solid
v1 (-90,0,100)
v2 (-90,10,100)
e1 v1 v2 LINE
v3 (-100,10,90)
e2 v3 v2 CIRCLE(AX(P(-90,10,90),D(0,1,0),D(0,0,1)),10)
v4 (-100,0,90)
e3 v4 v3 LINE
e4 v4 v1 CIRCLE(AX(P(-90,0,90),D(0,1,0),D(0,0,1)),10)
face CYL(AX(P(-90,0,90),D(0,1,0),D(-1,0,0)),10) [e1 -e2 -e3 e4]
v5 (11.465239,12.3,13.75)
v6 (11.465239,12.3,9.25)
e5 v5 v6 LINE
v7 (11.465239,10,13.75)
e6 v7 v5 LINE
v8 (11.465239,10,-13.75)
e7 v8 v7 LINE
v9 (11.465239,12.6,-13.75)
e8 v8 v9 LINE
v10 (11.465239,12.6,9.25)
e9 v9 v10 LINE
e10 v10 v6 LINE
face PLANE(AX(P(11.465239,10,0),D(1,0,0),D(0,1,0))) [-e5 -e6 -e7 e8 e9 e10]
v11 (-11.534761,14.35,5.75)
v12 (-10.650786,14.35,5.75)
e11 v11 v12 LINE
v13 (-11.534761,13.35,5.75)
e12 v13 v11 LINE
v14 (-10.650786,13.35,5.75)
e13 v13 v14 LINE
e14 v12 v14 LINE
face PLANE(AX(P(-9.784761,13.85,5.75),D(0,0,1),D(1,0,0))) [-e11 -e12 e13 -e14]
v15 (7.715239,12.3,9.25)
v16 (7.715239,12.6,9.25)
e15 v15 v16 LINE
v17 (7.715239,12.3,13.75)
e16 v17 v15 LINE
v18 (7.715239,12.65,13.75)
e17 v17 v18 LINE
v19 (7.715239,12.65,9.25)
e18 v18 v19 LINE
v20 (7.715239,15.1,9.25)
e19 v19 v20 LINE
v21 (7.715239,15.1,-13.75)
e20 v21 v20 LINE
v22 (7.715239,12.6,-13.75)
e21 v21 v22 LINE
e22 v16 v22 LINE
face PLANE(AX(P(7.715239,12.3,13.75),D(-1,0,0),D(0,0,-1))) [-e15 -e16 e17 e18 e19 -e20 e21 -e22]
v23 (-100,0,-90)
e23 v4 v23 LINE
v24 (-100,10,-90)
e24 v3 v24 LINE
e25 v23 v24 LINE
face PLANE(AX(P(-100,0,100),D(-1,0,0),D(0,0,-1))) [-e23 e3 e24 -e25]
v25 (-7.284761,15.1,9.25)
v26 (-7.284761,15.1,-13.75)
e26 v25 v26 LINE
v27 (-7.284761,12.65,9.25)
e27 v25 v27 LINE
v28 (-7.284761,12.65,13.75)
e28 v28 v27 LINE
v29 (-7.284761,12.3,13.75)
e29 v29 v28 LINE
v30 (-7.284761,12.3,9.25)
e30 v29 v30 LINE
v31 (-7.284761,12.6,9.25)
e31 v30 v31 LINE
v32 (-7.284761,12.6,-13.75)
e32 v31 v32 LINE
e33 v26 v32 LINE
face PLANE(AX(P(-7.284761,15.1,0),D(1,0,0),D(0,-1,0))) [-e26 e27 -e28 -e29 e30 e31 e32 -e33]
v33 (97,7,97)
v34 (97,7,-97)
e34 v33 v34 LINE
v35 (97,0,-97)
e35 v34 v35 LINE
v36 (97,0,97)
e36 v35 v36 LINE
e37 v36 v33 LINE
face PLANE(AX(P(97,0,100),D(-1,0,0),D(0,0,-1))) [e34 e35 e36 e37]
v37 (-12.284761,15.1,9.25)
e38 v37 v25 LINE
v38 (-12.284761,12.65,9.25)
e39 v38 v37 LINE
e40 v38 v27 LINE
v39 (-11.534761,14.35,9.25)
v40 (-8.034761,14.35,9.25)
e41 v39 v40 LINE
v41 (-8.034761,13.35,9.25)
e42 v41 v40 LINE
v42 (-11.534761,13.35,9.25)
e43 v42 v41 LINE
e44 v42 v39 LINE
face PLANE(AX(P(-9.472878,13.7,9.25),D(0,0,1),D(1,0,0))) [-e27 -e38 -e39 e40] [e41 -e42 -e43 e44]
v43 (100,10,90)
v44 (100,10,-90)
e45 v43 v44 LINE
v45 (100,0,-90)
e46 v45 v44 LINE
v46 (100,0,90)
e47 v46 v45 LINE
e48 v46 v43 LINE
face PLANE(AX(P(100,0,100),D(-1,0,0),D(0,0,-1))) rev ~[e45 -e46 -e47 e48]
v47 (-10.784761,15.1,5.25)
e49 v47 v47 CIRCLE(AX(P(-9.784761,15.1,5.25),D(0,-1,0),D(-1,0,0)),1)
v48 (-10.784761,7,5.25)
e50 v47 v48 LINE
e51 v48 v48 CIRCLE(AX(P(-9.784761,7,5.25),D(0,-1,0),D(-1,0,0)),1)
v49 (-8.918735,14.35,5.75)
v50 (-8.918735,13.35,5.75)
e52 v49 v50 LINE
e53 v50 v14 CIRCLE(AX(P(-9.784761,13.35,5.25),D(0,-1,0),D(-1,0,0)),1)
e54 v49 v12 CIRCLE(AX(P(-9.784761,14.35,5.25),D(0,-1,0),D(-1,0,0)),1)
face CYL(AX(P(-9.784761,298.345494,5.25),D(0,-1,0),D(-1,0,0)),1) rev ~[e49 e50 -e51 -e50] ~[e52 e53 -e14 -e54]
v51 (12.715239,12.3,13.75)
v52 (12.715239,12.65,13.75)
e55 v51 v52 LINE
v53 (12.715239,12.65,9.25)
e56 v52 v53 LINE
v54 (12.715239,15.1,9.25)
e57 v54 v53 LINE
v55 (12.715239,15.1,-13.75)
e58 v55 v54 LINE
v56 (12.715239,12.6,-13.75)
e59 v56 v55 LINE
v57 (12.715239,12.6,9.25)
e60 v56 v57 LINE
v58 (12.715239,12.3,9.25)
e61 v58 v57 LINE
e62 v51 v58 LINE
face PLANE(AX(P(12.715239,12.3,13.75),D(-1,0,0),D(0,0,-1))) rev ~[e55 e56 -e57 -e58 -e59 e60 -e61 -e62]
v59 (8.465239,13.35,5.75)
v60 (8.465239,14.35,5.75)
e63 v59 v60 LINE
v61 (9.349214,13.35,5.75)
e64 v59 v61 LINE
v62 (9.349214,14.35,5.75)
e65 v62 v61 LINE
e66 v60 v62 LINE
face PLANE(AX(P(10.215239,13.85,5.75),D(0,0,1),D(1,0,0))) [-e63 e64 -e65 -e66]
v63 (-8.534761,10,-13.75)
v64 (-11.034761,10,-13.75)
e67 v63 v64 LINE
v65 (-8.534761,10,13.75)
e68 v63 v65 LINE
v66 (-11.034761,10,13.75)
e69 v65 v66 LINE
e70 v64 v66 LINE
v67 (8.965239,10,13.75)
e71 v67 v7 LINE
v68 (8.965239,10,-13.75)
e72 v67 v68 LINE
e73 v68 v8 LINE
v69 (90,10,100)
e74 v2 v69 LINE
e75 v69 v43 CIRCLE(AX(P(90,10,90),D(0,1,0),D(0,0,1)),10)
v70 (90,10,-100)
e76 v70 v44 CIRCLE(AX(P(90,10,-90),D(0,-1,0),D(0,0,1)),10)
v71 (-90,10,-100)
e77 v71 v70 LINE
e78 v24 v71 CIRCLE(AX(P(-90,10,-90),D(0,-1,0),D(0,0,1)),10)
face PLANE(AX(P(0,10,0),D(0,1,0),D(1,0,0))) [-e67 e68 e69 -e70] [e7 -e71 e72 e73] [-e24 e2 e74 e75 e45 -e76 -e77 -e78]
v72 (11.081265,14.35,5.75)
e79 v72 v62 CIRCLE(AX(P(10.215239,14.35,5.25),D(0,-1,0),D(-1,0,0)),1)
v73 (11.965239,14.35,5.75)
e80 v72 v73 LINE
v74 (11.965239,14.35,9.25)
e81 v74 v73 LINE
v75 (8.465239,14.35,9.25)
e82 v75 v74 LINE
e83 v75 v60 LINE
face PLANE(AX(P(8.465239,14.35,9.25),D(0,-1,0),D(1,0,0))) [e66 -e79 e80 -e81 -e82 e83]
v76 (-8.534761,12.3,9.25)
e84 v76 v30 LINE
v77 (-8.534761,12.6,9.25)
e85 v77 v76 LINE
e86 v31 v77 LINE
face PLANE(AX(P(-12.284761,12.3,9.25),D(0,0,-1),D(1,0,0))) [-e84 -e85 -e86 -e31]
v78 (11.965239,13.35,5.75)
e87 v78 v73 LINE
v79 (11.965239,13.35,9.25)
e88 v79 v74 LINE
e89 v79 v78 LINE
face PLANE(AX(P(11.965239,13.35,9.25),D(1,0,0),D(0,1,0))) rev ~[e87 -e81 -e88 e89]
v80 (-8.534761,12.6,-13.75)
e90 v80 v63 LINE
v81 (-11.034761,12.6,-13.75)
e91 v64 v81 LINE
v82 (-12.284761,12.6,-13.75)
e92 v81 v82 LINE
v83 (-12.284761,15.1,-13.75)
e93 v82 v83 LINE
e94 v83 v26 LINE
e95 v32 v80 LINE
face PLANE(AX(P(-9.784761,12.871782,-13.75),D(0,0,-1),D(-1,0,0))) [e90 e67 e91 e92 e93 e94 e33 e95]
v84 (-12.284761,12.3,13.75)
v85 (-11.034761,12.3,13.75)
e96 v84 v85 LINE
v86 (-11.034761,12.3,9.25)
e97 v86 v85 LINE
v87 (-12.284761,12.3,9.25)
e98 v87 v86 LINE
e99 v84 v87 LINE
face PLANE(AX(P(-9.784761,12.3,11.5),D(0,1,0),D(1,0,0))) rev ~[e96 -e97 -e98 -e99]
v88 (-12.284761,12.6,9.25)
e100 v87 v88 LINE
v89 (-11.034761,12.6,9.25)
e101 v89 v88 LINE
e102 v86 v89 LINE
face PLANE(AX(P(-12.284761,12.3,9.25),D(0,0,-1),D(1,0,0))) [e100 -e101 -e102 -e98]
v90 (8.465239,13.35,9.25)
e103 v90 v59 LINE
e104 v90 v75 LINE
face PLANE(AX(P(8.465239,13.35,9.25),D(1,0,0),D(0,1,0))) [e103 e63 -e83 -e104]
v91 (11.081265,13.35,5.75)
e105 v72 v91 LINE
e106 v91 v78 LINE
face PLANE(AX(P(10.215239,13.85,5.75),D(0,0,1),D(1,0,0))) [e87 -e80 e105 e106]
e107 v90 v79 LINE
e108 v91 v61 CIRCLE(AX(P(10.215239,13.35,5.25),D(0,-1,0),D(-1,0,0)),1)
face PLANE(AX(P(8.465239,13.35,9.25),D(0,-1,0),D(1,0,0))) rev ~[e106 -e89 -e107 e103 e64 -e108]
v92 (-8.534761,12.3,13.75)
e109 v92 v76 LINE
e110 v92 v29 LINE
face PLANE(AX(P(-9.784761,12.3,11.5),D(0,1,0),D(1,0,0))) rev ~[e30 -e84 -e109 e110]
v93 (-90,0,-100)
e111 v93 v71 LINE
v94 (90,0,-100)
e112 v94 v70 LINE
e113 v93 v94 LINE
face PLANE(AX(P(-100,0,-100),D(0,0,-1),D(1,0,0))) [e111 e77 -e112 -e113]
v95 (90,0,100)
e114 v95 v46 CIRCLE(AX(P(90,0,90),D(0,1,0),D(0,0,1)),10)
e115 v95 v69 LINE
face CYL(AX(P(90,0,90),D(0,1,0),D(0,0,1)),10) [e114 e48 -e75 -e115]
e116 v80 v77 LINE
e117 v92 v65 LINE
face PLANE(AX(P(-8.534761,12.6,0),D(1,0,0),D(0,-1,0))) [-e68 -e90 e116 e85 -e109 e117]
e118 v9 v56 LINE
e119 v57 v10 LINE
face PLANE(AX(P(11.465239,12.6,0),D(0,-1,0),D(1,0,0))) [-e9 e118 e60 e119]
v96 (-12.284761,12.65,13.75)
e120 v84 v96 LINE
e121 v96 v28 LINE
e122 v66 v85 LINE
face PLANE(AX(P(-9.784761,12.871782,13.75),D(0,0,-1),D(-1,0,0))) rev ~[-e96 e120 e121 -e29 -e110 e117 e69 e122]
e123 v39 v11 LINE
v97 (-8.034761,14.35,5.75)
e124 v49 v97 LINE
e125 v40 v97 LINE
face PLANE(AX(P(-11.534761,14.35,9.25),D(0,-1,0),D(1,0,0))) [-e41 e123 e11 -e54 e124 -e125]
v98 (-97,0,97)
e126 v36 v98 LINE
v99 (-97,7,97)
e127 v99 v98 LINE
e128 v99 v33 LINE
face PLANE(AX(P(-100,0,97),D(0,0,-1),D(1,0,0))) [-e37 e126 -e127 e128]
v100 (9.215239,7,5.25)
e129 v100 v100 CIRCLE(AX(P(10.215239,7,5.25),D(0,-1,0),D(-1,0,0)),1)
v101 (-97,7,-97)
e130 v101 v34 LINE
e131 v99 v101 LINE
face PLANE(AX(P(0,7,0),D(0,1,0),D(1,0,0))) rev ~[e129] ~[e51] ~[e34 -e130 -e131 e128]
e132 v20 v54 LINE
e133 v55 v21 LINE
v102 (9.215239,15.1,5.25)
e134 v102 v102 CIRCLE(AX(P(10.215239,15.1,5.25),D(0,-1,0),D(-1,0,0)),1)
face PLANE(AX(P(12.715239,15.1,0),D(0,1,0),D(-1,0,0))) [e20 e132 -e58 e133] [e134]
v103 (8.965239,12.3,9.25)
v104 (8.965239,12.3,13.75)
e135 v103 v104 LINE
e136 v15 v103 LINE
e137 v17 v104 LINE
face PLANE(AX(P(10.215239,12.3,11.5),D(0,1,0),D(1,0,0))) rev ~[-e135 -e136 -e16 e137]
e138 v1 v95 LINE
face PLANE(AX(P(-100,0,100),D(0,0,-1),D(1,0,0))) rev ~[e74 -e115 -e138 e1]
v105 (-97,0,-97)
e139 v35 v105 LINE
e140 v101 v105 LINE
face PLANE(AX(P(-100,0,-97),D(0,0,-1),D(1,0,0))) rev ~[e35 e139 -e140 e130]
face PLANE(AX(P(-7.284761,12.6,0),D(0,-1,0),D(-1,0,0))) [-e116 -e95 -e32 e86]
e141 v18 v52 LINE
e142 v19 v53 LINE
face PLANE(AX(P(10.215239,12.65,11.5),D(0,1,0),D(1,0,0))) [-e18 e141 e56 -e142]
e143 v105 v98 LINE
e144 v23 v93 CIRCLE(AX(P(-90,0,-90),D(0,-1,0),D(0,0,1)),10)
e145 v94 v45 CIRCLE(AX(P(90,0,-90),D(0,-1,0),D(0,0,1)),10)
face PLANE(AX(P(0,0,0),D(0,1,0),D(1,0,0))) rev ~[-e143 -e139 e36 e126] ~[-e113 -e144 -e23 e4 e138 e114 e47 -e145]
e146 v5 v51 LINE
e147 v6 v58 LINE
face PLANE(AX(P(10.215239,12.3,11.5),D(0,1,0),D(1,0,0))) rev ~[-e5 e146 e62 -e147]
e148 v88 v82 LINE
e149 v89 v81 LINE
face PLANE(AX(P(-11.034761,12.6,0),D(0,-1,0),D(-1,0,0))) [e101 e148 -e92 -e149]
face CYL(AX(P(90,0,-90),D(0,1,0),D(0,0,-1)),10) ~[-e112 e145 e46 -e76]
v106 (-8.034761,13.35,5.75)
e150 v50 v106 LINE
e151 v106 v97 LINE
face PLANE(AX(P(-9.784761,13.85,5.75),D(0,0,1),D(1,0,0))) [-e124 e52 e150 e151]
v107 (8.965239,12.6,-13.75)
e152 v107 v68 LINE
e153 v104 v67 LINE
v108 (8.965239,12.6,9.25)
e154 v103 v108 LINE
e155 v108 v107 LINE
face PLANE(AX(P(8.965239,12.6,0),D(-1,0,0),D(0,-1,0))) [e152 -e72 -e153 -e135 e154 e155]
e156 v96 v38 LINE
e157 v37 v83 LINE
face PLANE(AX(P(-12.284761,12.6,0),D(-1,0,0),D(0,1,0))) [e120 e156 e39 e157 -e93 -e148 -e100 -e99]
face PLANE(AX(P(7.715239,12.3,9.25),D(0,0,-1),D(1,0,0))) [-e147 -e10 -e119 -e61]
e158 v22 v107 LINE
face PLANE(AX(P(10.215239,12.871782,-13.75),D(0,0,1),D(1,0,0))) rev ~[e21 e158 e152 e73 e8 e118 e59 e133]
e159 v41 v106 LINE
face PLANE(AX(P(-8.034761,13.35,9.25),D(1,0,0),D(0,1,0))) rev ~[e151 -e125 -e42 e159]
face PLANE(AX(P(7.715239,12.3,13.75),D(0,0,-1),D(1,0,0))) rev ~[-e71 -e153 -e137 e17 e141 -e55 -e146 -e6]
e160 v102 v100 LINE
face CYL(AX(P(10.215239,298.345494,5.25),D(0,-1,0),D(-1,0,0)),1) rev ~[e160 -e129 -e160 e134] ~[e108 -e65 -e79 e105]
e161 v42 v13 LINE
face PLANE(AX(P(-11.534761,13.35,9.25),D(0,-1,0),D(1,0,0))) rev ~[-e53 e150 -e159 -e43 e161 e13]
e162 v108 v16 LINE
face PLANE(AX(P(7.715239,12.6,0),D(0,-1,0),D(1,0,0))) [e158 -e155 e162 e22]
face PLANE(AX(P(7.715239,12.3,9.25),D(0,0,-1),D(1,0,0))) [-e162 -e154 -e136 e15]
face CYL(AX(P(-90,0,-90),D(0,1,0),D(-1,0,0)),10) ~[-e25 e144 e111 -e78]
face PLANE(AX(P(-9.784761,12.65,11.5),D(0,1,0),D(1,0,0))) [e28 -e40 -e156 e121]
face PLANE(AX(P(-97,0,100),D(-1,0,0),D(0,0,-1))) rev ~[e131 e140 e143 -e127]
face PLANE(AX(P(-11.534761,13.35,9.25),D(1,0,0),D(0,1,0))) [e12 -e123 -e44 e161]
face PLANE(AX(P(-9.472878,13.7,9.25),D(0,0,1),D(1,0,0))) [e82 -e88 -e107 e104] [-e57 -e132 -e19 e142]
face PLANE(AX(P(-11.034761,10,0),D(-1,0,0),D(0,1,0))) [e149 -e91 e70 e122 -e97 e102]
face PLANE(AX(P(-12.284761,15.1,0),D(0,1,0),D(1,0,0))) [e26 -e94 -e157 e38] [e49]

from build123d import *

# Parameters (mm, degrees)
SKETCH1_W                = 200
SKETCH1_H                = 200
BOSS_EXTRUDE1_DEPTH      = 10
SHELL5_T                 = -3
BOSS_EXTRUDE2_DEPTH      = 13.75
SKETCH5_W                = 51.63175717
SKETCH5_H                = 2.8
CUT_EXTRUDE1_DEPTH       = 4.5
SKETCH6_W                = 5
SKETCH6_H                = 4.5
BOSS_EXTRUDE3_DEPTH      = 0.35
SKETCH7_W                = 3.5
SKETCH7_H                = 1
CUT_EXTRUDE2_DEPTH       = 3.5
F_2_0_2_DIAMETER_HOLE2_D = 2
FILLET1_R                = 10


with BuildPart() as part:
    # Sketch1 → Boss-Extrude1 (new body)
    with BuildSketch(Plane(origin=(0, 0, 0), x_dir=(1, 0, 0), z_dir=(0, 1, 0))):
        Rectangle(SKETCH1_W, SKETCH1_H)
    extrude(amount=BOSS_EXTRUDE1_DEPTH)

    # Shell5
    shell5_openings = [part.faces().sort_by_distance(p)[0] for p in [
        (0, 0, 0),
    ]]
    offset(amount=SHELL5_T, openings=shell5_openings, kind=Kind.INTERSECTION)

    # Sketch2 → Boss-Extrude2 (add, symmetric)
    with BuildSketch(Plane.XY):
        Polygon((-11.034760645, 10), (-11.034760645, 12.6), (-12.284760645, 12.6), (-12.284760645, 15.1), (-7.284760645, 15.1), (-7.284760645, 12.6), (-8.534760645, 12.6), (-8.534760645, 10), align=None)
        Polygon((8.965239355, 10), (11.465239355, 10), (11.465239355, 12.6), (12.715239355, 12.6), (12.715239355, 15.1), (7.715239355, 15.1), (7.715239355, 12.6), (8.965239355, 12.6), align=None)
    extrude(amount=BOSS_EXTRUDE2_DEPTH, both=True)

    # Sketch5 → Cut-Extrude1 (cut)
    with BuildSketch(Plane.XY.offset(13.75)):
        with Locations((-9.472877717, 13.7)):
            Rectangle(SKETCH5_W, SKETCH5_H)
        with Locations((17.311892559, -46.179704591)):
            Rectangle(SKETCH5_W, SKETCH5_H)
    extrude(amount=-CUT_EXTRUDE1_DEPTH, mode=Mode.SUBTRACT)

    # Sketch6 → Boss-Extrude3 (add)
    with BuildSketch(Plane(origin=(0, 12.3, 0), x_dir=(1, 0, 0), z_dir=(0, 1, 0))):
        with Locations((10.215239355, -11.5)):
            Rectangle(SKETCH6_W, SKETCH6_H)
        with Locations((-9.784760645, -11.5)):
            Rectangle(SKETCH6_W, SKETCH6_H)
    extrude(amount=BOSS_EXTRUDE3_DEPTH)

    # Sketch7 → Cut-Extrude2 (cut)
    with BuildSketch(Plane.XY.offset(9.25)):
        with Locations((10.215239355, 13.85)):
            Rectangle(SKETCH7_W, SKETCH7_H)
        with Locations((-9.784760645, 13.85)):
            Rectangle(SKETCH7_W, SKETCH7_H)
    extrude(amount=-CUT_EXTRUDE2_DEPTH, mode=Mode.SUBTRACT)

    # Ø2.0 (2) Diameter Hole2 (through all)
    with Locations(Plane(origin=(0, 15.1, 0), x_dir=(1, 0, 0), z_dir=(0, 1, 0))):
        with Locations((-9.784760645, -5.25), (10.215239355, -5.25)):
            Hole(F_2_0_2_DIAMETER_HOLE2_D / 2)

    # Fillet1
    fillet1_edges = [part.edges().sort_by_distance(p)[0] for p in [
        (-100, 5, -100),
        (100, 5, -100),
        (100, 5, 100),
        (-100, 5, 100),
    ]]
    fillet(fillet1_edges, radius=FILLET1_R)


solid = part.part
